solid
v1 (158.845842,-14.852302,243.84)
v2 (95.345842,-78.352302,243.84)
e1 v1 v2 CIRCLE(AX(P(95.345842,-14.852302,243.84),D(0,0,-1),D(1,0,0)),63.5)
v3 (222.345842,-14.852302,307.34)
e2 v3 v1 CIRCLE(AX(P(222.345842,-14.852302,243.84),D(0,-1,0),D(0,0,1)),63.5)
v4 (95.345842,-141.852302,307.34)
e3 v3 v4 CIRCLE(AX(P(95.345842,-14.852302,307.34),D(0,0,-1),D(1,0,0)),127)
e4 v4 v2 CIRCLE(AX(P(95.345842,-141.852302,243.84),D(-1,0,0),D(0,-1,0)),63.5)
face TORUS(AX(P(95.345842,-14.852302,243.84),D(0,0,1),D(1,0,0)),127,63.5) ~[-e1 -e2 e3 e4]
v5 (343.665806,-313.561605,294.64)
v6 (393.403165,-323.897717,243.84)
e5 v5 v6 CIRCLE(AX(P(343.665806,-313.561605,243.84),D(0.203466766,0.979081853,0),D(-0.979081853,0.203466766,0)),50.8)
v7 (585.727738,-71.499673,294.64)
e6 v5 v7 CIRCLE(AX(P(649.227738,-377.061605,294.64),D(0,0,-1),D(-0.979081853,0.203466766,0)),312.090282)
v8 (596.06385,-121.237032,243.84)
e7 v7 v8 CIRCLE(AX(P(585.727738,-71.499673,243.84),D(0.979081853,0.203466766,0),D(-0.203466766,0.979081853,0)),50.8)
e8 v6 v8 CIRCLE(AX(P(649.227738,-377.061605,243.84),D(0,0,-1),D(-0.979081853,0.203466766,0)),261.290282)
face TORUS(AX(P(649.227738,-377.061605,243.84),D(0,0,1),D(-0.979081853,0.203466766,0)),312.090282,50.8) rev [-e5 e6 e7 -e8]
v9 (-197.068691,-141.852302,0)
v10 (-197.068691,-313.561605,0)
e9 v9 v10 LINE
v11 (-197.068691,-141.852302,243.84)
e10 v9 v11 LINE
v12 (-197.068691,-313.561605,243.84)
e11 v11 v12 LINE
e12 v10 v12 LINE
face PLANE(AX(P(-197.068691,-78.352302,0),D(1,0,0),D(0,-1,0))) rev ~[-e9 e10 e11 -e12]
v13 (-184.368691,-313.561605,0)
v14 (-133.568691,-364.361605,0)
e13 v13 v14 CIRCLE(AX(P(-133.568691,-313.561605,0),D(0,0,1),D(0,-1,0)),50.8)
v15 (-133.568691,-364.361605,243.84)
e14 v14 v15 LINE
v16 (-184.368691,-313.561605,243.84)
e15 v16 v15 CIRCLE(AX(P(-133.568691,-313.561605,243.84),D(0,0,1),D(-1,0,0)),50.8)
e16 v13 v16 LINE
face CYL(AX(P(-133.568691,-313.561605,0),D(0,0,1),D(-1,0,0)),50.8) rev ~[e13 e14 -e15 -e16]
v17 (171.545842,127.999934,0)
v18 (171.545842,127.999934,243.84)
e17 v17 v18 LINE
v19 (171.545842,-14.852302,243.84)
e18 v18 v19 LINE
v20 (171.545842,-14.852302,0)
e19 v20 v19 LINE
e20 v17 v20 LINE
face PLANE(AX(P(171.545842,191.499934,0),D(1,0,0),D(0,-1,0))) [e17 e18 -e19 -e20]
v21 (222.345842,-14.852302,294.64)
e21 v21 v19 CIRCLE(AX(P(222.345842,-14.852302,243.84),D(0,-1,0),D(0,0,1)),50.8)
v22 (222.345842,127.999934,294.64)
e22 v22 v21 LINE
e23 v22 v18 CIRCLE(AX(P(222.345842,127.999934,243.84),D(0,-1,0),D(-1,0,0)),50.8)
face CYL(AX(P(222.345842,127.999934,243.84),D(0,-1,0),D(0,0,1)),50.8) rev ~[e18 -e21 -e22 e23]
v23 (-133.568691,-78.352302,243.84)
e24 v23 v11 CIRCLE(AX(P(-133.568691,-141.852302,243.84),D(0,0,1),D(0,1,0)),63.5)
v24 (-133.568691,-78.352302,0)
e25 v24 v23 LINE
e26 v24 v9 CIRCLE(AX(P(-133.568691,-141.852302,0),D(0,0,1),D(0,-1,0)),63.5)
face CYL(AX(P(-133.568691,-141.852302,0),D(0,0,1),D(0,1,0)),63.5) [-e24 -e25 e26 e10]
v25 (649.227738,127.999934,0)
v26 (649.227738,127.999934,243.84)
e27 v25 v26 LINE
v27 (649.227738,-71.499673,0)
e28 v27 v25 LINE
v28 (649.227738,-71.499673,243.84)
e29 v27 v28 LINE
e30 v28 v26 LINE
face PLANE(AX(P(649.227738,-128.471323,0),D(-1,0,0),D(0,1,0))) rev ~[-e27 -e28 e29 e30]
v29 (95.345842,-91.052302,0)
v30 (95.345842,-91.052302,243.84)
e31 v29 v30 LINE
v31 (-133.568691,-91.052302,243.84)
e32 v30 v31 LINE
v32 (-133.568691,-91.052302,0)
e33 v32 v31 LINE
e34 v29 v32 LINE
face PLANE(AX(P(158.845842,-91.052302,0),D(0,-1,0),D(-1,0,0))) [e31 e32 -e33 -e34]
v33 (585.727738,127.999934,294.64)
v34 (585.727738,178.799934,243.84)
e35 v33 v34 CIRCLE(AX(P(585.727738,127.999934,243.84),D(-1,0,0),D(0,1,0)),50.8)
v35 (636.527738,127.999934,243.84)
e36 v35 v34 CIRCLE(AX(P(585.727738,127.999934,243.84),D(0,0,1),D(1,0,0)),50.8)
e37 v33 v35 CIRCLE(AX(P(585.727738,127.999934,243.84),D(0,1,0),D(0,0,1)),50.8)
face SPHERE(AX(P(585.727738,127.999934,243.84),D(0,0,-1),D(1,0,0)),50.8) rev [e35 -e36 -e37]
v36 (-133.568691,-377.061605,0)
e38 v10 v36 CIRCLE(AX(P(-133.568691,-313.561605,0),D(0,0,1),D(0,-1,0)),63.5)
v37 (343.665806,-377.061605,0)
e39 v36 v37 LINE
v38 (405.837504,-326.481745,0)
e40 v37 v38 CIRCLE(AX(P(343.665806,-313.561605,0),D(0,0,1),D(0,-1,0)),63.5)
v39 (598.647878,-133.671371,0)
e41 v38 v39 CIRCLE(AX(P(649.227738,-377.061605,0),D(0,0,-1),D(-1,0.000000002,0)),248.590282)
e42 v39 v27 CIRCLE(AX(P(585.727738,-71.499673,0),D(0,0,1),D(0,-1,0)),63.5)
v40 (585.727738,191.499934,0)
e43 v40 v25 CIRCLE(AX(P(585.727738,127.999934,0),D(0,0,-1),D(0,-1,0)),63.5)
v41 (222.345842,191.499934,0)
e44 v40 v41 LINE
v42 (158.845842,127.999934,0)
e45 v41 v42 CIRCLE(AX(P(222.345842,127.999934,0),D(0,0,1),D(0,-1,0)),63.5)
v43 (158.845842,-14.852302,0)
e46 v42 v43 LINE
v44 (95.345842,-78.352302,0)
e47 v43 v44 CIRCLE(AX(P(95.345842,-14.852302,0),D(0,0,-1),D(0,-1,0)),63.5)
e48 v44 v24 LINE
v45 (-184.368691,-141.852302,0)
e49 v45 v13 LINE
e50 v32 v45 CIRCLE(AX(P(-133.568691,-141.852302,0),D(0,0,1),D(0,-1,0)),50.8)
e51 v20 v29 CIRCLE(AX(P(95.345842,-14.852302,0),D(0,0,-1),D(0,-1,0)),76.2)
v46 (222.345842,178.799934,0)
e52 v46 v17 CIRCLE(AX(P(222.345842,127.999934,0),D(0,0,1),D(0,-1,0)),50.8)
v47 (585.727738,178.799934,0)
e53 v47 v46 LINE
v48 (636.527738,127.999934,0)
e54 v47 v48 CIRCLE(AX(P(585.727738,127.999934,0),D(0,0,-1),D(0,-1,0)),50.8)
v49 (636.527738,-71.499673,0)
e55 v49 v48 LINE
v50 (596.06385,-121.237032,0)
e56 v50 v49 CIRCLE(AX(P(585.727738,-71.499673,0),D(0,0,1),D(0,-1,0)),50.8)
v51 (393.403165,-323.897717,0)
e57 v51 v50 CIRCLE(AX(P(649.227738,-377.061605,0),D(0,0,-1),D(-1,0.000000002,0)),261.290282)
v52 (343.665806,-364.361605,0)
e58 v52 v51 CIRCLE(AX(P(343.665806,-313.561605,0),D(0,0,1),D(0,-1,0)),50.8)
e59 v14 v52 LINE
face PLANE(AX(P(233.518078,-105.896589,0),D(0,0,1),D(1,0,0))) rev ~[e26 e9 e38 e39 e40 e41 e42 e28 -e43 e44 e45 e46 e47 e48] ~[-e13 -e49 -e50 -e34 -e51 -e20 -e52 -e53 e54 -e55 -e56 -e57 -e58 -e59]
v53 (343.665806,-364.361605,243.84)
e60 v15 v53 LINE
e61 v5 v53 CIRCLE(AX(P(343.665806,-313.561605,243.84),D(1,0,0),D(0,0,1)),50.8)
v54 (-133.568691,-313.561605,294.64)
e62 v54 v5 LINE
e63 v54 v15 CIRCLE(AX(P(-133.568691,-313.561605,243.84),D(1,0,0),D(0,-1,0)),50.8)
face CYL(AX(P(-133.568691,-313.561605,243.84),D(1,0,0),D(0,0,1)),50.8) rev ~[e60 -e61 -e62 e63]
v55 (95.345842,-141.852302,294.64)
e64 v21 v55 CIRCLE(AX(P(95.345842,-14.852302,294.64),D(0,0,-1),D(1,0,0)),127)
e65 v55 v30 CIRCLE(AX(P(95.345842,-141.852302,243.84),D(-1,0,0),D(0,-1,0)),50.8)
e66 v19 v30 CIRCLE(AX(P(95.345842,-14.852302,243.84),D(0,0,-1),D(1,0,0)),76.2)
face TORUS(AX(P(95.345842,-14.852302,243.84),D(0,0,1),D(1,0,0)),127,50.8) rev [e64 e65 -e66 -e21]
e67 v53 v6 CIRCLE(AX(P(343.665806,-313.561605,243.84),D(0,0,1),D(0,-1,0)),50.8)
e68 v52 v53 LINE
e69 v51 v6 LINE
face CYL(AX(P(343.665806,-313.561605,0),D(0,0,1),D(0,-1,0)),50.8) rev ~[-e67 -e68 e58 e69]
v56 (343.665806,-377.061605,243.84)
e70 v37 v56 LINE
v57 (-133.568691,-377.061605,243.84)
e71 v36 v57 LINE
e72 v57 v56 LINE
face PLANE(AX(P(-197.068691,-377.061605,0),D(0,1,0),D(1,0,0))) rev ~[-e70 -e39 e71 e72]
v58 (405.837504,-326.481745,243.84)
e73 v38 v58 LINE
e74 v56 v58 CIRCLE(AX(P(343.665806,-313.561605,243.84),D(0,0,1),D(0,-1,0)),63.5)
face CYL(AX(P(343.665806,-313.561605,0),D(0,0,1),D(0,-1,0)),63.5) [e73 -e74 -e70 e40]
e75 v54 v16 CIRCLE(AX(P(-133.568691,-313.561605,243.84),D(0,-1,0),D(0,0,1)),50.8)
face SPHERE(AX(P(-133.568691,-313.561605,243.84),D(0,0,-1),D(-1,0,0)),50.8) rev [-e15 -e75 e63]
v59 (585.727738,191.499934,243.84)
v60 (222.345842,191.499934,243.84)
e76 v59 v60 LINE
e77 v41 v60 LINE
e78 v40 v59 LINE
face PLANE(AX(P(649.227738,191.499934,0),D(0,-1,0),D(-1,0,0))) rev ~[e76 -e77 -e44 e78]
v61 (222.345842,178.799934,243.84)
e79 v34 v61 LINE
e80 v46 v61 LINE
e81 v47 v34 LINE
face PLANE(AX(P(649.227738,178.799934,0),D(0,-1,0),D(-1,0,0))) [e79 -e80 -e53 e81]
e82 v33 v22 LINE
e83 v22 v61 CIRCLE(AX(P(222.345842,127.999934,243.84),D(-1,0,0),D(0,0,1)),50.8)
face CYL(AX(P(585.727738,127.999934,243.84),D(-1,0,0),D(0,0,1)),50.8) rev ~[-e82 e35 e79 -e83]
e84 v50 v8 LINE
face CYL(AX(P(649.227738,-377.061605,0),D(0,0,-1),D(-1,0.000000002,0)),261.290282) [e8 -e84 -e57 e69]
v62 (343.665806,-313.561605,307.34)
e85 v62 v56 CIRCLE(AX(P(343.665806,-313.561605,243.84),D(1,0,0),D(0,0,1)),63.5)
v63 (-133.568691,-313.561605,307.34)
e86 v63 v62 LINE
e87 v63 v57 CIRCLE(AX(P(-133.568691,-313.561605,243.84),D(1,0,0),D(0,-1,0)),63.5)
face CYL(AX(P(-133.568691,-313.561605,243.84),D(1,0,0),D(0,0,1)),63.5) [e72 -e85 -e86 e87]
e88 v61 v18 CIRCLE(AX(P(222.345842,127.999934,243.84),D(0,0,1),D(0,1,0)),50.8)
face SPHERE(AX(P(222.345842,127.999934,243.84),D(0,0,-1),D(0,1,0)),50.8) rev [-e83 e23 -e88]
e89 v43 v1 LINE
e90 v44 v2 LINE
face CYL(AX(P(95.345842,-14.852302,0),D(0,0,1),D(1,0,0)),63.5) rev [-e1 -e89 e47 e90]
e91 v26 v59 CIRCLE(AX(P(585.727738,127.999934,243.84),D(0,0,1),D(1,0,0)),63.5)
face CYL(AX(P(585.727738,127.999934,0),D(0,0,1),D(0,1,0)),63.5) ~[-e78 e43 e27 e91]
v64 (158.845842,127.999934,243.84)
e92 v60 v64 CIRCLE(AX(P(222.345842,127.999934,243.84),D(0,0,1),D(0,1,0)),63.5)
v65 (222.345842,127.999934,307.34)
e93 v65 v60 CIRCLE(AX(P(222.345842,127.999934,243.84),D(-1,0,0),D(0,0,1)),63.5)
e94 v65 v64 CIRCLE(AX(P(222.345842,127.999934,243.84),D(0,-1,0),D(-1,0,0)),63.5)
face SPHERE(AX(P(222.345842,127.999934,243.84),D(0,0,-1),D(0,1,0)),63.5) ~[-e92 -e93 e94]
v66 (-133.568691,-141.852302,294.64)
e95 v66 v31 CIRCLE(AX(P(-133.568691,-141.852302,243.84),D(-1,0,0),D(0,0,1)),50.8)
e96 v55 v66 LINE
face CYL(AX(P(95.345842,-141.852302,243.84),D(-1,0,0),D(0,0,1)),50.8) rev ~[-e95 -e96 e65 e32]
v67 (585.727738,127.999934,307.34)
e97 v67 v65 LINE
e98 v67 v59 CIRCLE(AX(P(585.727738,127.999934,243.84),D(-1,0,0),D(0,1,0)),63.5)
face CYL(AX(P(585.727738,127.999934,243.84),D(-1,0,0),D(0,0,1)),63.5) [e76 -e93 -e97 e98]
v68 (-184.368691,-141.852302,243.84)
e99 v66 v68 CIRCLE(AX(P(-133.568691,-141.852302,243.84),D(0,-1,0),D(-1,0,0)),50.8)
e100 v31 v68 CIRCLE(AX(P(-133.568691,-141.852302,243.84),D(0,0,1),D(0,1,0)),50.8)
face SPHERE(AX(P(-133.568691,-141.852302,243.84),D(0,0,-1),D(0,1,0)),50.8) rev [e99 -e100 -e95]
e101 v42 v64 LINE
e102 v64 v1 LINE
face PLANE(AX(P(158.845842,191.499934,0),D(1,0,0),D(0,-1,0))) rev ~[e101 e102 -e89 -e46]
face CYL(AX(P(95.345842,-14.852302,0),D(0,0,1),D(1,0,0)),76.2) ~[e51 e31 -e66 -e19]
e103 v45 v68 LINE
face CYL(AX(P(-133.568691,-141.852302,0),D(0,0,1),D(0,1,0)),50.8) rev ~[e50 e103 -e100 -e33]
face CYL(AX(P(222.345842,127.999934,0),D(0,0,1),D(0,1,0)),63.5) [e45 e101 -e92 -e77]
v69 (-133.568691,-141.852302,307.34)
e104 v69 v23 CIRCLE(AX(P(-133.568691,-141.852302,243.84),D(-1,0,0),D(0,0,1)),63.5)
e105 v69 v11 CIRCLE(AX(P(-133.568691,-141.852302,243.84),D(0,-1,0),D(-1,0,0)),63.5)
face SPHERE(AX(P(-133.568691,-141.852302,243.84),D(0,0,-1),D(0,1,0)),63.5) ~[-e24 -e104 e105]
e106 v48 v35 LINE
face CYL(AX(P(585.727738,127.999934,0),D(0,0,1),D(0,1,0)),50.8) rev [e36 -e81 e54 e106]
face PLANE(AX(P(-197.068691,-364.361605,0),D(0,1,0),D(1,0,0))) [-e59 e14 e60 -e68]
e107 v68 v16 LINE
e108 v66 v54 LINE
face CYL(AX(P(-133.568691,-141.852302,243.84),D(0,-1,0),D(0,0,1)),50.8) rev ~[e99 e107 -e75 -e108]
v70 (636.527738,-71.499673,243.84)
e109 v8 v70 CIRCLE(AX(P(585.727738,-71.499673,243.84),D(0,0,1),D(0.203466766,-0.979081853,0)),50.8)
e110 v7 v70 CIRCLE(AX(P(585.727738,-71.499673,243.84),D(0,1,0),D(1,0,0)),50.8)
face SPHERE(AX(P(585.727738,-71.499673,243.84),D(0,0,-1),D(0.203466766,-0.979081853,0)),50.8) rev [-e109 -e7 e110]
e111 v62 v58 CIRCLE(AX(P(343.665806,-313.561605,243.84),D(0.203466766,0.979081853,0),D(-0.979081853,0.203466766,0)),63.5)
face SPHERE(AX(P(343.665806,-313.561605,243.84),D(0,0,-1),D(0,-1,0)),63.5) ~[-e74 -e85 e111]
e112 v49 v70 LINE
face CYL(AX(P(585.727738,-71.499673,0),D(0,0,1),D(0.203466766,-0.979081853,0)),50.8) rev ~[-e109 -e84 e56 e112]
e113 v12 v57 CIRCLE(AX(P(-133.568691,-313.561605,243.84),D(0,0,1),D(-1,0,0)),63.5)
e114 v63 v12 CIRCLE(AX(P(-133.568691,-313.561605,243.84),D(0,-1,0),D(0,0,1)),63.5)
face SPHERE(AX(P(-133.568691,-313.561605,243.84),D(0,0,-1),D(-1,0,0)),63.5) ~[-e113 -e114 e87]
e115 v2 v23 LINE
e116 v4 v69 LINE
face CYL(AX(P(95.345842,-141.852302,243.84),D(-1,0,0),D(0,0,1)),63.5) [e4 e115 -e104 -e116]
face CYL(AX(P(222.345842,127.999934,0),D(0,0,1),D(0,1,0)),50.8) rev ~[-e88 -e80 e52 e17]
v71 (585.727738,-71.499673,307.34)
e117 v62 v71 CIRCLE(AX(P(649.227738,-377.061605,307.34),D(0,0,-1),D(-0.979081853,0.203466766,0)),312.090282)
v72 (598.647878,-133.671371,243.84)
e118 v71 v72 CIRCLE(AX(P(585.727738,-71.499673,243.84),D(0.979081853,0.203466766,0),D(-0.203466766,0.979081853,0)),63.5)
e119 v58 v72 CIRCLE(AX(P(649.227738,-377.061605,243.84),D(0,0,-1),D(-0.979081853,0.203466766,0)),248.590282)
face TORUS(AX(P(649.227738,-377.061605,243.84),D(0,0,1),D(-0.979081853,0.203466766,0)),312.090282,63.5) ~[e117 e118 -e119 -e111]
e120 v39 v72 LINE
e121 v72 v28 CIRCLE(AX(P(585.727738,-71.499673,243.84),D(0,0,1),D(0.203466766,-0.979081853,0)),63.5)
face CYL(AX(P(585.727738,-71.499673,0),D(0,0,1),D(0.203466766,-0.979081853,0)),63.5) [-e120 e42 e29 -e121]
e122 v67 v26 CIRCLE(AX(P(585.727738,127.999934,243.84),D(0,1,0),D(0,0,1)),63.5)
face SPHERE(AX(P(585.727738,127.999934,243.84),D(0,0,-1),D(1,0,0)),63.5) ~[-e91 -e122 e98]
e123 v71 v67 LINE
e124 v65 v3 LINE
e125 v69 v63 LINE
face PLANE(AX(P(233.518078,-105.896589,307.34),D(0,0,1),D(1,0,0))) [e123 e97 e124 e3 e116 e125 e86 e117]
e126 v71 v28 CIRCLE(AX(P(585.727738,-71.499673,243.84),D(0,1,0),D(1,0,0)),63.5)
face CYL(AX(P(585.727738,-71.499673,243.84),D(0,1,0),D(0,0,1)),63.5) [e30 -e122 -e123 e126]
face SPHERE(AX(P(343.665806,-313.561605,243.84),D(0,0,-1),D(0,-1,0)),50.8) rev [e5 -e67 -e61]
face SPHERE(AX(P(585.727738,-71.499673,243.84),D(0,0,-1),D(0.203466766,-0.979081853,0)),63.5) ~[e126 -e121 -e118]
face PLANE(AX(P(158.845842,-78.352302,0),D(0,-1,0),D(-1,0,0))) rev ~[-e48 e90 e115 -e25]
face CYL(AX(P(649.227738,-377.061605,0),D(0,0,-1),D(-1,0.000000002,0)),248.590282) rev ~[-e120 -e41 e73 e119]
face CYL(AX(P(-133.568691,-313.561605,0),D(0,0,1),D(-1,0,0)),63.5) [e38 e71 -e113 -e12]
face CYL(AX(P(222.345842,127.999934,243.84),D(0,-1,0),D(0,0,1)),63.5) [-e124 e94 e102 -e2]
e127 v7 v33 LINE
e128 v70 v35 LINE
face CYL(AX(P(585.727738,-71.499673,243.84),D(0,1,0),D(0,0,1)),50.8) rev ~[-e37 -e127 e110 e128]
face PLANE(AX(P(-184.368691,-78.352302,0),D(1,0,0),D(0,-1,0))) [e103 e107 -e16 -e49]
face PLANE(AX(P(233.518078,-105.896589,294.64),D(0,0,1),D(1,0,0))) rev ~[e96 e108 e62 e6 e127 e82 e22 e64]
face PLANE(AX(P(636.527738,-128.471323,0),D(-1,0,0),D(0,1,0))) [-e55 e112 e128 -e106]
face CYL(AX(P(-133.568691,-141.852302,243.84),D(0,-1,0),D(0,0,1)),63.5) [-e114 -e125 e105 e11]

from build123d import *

# Parameters (mm, degrees)
F1_DEPTH = 307.34
F2_R     = 63.5
F3_R     = 63.5
F4_T     = -12.7


with BuildPart() as f1:
    # F0 (on Top) → F1 (new body)
    with BuildSketch(Plane.XY):
        with BuildLine():
            Line((649.227738, 191.499934), (158.845842, 191.499934))
            Line((158.845842, 191.499934), (158.845842, -78.352302))
            Line((158.845842, -78.352302), (-197.068691, -78.352302))
            Line((-197.068691, -78.352302), (-197.068691, -377.061605))
            Line((-197.068691, -377.061605), (400.637456, -377.061605))
            ThreePointArc((400.637456, -377.061605), (473.447864, -201.281731), (649.227738, -128.471323))
            Line((649.227738, -128.471323), (649.227738, 191.499934))
        make_face()
    extrude(amount=F1_DEPTH)

    # F2
    f2_edges = [f1.edges().sort_by_distance(p)[0] for p in [
        (158.845842, 191.499934, 153.67),
        (158.845842, -78.352302, 153.67),
        (-197.068691, -78.352302, 153.67),
        (-197.068691, -377.061605, 153.67),
        (649.227738, -128.471323, 153.67),
        (400.637456, -377.061605, 153.67),
        (649.227738, 191.499934, 153.67),
    ]]
    fillet(f2_edges, radius=F2_R)

    # F3
    f3_edges = [f1.edges().sort_by_distance(p)[0] for p in [
        (473.447864, -201.281731, 307.34),
        (383.739621, -362.819492, 307.34),
        (634.985625, -111.573488, 307.34),
        (105.048558, -377.061605, 307.34),
        (649.227738, 28.25013, 307.34),
        (-178.469972, -358.462886, 307.34),
        (630.629019, 172.901214, 307.34),
        (-197.068691, -227.706954, 307.34),
        (404.03679, 191.499934, 307.34),
        (-178.469972, -96.951022, 307.34),
        (177.444561, 172.901214, 307.34),
        (-19.111425, -78.352302, 307.34),
        (158.845842, 56.573816, 307.34),
        (140.247122, -59.753583, 307.34),
    ]]
    fillet(f3_edges, radius=F3_R)

    # F4
    f4_openings = [f1.faces().sort_by_distance(p)[0] for p in [
        (250.443823, -109.892421, 0),
    ]]
    offset(amount=F4_T, openings=f4_openings)


solid = f1.part
